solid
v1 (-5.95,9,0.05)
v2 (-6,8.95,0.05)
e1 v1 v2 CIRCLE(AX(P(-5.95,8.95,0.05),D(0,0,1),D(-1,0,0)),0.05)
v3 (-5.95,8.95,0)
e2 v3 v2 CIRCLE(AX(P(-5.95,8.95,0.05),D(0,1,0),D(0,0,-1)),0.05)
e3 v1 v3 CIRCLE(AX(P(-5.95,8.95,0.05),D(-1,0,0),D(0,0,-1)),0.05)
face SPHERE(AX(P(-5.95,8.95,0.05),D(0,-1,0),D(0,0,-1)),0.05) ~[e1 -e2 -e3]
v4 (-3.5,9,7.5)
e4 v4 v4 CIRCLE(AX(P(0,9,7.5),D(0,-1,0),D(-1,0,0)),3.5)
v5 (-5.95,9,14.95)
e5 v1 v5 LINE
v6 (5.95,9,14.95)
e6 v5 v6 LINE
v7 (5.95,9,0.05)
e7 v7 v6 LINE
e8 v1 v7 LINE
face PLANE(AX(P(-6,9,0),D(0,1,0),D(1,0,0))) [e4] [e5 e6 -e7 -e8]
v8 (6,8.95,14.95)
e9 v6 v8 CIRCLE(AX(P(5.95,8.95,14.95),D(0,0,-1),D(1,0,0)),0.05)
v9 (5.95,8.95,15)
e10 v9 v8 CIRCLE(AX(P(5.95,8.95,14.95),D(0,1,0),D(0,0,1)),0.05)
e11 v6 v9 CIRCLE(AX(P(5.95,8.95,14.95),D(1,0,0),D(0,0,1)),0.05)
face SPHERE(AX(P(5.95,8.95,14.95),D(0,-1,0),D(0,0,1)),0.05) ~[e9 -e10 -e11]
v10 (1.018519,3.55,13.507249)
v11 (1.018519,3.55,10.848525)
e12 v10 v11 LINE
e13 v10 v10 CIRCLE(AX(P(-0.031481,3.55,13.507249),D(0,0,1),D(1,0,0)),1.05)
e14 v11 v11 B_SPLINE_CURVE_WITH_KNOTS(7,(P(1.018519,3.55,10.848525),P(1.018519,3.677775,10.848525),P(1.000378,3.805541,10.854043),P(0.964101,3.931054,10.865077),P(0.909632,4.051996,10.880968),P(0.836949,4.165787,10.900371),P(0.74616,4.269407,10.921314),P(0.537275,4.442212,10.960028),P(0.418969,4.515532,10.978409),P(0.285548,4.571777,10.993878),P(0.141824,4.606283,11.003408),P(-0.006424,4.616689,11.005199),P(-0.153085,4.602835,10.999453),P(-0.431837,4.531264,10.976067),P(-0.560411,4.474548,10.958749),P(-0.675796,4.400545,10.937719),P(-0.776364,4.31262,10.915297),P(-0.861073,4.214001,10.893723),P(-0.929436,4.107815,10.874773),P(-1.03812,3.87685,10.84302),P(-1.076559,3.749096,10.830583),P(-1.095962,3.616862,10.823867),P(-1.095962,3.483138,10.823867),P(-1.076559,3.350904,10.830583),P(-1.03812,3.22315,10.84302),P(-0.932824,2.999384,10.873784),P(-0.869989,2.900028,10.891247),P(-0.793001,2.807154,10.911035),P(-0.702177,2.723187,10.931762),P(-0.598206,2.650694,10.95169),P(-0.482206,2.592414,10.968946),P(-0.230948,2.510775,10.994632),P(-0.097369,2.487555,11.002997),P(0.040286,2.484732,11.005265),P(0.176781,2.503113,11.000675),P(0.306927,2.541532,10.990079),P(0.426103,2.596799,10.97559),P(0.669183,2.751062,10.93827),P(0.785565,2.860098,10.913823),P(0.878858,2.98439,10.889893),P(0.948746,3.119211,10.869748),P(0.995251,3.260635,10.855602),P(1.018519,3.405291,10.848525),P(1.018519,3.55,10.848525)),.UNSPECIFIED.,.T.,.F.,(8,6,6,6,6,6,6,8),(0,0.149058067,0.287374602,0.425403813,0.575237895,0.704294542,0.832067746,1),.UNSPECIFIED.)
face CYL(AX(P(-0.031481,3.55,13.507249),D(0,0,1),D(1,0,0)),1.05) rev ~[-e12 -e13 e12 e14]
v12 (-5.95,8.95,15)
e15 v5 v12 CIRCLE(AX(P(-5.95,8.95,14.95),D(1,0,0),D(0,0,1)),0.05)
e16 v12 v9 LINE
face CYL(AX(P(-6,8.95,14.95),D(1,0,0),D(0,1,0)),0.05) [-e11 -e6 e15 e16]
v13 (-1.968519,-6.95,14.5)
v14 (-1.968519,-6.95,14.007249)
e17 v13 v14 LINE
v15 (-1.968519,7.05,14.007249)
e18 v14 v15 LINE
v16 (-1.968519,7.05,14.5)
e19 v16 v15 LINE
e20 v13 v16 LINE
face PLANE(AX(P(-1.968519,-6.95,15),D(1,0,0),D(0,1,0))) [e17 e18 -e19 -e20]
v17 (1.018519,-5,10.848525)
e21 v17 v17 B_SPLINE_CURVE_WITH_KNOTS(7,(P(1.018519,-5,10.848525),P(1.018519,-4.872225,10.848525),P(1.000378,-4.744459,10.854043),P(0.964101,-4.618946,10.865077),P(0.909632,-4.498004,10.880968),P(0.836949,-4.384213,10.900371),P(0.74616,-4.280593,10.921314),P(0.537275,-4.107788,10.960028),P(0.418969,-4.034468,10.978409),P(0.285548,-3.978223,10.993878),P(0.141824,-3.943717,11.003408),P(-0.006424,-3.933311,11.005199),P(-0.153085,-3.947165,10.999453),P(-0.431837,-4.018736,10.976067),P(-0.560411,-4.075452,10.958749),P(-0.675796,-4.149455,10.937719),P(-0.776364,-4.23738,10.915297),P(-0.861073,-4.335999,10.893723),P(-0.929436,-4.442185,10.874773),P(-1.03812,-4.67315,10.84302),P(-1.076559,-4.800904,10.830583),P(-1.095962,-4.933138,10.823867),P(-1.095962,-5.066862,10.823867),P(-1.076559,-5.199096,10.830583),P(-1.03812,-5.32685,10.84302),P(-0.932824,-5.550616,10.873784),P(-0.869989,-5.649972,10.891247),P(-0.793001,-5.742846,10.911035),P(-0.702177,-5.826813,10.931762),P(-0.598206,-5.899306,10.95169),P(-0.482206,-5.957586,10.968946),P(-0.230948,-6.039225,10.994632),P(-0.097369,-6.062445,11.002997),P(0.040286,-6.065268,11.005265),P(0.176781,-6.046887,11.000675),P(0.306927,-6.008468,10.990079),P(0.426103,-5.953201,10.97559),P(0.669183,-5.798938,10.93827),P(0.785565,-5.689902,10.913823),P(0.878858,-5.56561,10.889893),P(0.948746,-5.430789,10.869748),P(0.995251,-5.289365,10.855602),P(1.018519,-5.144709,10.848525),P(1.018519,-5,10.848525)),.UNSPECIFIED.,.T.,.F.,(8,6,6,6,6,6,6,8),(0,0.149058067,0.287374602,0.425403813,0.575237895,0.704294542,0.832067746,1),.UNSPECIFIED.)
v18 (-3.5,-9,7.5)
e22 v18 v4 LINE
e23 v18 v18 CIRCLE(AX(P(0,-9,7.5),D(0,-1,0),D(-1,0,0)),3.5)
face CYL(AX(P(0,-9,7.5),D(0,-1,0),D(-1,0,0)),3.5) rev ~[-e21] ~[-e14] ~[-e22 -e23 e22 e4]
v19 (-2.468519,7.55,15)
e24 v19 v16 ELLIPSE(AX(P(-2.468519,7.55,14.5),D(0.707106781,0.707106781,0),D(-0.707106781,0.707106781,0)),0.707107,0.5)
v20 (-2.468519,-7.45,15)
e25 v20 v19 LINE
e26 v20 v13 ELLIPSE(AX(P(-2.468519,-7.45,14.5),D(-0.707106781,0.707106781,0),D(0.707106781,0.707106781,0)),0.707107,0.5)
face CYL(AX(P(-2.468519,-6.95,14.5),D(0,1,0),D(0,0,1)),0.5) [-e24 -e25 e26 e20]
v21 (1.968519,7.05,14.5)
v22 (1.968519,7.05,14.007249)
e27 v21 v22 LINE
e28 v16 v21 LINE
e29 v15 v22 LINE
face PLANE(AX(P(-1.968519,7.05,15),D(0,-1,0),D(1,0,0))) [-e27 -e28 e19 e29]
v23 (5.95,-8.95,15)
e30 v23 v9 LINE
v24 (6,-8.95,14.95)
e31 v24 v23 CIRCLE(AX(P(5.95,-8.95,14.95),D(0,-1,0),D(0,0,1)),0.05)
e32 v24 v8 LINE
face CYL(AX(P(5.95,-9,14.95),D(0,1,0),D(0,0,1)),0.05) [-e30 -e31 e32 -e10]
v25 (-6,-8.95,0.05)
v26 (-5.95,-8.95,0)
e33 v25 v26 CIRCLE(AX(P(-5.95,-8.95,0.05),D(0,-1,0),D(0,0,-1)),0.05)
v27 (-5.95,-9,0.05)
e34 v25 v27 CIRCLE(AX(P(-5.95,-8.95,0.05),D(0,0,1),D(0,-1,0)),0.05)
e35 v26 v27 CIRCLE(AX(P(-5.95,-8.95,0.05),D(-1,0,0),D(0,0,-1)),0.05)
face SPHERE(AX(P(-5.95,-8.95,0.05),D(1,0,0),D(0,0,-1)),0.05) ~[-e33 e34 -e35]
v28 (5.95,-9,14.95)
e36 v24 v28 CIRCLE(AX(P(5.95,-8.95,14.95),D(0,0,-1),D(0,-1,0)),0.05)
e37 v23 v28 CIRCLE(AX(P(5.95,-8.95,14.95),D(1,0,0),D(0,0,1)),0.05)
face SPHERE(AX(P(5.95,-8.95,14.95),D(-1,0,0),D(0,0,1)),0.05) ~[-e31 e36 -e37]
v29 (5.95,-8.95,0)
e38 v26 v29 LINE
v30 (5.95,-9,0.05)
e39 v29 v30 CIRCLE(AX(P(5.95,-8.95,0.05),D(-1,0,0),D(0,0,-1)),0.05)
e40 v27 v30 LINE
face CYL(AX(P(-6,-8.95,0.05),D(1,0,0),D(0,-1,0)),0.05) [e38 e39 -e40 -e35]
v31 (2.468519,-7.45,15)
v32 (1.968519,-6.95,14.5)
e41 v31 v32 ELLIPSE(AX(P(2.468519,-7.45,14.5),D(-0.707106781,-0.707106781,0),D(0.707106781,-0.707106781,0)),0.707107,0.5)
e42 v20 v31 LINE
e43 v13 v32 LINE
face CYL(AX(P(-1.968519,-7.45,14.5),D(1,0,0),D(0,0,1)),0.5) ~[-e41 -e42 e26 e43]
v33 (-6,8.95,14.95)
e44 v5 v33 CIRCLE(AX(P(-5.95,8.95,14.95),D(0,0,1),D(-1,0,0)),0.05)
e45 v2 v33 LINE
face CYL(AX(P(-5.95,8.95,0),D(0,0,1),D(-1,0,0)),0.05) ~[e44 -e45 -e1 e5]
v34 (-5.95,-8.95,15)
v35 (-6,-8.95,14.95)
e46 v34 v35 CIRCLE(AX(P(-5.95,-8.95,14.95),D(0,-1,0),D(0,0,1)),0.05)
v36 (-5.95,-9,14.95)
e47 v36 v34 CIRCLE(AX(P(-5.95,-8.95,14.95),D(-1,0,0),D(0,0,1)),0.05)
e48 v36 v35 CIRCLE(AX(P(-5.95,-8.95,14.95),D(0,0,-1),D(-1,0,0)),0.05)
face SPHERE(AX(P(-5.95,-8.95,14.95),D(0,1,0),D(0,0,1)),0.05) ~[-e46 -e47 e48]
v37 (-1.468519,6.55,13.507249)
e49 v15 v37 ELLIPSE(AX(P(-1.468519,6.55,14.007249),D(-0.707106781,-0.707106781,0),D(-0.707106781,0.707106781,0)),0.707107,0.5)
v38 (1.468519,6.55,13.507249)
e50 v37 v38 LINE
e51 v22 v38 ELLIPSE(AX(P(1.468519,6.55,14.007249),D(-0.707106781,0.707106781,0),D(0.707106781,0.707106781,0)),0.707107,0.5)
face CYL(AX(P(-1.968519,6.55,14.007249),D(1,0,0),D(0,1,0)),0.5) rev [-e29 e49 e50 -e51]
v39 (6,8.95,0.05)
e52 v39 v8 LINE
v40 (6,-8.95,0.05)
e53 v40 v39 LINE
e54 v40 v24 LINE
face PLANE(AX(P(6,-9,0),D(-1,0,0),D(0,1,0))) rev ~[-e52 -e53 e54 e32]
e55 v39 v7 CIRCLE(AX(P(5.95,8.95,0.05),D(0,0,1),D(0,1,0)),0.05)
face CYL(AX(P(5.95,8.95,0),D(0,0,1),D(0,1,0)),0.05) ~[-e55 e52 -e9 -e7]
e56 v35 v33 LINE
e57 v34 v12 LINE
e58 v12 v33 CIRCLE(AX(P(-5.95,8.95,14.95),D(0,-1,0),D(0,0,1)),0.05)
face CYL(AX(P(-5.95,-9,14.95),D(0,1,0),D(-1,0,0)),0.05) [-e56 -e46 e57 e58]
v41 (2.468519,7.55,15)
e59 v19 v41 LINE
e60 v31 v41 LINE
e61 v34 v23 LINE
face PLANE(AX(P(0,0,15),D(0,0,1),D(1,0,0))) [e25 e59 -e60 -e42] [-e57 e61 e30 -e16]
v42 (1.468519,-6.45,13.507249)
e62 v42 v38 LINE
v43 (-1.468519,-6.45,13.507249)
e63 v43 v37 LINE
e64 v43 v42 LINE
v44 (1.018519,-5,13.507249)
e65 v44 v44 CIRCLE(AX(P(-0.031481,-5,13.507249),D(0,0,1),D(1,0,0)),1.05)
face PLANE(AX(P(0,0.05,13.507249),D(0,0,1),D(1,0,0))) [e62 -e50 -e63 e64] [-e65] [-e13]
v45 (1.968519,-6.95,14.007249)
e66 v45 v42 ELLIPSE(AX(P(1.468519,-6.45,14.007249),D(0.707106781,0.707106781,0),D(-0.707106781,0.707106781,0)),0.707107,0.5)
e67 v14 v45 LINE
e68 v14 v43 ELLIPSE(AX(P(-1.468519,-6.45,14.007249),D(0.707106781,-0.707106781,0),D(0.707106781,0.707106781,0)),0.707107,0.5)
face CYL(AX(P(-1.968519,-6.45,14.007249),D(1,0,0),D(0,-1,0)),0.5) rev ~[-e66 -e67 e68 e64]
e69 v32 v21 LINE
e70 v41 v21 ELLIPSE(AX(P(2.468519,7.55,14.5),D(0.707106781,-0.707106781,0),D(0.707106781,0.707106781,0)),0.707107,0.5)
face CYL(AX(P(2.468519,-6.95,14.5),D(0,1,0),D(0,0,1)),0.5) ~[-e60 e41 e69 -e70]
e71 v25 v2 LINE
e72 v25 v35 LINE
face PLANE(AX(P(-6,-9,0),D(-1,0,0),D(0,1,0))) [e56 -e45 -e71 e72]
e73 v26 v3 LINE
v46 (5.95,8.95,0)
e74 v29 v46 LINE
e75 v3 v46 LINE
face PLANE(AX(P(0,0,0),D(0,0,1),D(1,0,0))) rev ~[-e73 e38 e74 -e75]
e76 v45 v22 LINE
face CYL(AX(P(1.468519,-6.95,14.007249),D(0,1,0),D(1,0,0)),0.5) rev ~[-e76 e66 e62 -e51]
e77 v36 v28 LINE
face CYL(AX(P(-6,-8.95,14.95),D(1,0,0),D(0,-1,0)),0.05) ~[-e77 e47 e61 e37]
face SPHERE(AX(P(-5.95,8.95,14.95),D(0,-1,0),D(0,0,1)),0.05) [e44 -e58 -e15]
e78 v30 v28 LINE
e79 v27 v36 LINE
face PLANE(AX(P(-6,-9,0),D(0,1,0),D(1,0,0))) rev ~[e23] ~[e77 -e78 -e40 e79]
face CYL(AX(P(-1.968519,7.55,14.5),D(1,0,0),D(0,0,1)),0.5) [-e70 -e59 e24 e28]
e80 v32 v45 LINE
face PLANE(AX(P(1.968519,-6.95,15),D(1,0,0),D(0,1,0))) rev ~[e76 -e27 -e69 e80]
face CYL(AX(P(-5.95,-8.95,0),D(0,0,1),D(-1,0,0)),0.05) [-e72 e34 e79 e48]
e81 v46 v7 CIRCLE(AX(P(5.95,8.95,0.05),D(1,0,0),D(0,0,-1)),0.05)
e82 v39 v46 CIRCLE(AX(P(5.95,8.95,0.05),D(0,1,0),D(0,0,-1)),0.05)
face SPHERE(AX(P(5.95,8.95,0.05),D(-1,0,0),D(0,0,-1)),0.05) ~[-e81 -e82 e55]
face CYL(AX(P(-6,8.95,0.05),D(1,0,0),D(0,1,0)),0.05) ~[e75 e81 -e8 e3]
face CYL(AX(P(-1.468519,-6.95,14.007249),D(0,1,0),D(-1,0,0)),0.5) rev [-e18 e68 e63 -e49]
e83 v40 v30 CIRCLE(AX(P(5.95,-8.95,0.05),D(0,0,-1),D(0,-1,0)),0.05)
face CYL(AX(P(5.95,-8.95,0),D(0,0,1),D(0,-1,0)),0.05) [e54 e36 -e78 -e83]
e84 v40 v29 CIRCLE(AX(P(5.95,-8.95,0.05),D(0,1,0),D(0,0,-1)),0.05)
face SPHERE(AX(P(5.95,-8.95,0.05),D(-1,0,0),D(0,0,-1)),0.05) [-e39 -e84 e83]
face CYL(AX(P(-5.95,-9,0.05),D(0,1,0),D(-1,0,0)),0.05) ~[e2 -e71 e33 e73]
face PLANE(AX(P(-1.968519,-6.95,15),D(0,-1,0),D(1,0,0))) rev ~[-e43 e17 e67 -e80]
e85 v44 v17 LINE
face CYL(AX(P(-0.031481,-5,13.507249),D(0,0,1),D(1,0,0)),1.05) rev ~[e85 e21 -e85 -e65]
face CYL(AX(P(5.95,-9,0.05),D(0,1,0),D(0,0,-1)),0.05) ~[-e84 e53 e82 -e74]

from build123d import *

# Parameters (mm, degrees)
SKETCH2_W           = 12
SKETCH2_H           = 18
BOSS_EXTRUDE1_DEPTH = 15
SKETCH5_R           = 3.5
CUT_EXTRUDE2_DEPTH  = 18
SKETCH8_W           = 3.937037176
SKETCH8_H           = 14
CUT_EXTRUDE3_DEPTH  = 1.492750999
FILLET3_R           = 0.05
SKETCH10_R          = 1.05
CUT_EXTRUDE6_DEPTH  = 3
FILLET9_R           = 0.5
FILLET10_R          = 0.5


with BuildPart() as part:
    # Sketch2 → Boss-Extrude1 (new body)
    with BuildSketch(Plane.XY):
        Rectangle(SKETCH2_W, SKETCH2_H)
    extrude(amount=BOSS_EXTRUDE1_DEPTH)

    # Sketch5 → Cut-Extrude2 (cut)
    with BuildSketch(Plane(origin=(0, -9, 0), x_dir=(-1, 0, 0), z_dir=(0, -1, 0))):
        with Locations((0, -7.5)):
            Circle(SKETCH5_R)
    extrude(amount=-CUT_EXTRUDE2_DEPTH, mode=Mode.SUBTRACT)

    # Sketch8 → Cut-Extrude3 (cut)
    with BuildSketch(Plane.XY.offset(15)):
        with Locations((0, 0.05)):
            Rectangle(SKETCH8_W, SKETCH8_H)
    extrude(amount=-CUT_EXTRUDE3_DEPTH, mode=Mode.SUBTRACT)

    # Fillet3
    fillet3_edges = [part.edges().sort_by_distance(p)[0] for p in [
        (-6, 0, 15),
        (0, -9, 15),
        (6, 0, 15),
        (0, -9, 0),
        (-6, 0, 0),
        (0, 9, 0),
        (6, 0, 0),
        (0, 9, 15),
        (6, -9, 7.5),
        (-6, -9, 7.5),
        (-6, 9, 7.5),
        (6, 9, 7.5),
    ]]
    fillet(fillet3_edges, radius=FILLET3_R)

    # Sketch10 → Cut-Extrude6 (cut)
    with BuildSketch(Plane.XY.offset(13.507249001)):
        with Locations((-0.031481412, 3.55)):
            Circle(SKETCH10_R)
        with Locations((-0.031481412, -5)):
            Circle(SKETCH10_R)
    extrude(amount=-CUT_EXTRUDE6_DEPTH, mode=Mode.SUBTRACT)

    # Fillet9
    fillet9_edges = [part.edges().sort_by_distance(p)[0] for p in [
        (-1.968518588, 0.05, 15),
        (0, -6.95, 15),
        (1.968518588, 0.05, 15),
        (0, 7.05, 15),
    ]]
    fillet(fillet9_edges, radius=FILLET9_R)

    # Fillet10
    fillet10_edges = [part.edges().sort_by_distance(p)[0] for p in [
        (-1.968518588, 0.05, 13.507249001),
        (0, 7.05, 13.507249001),
        (1.968518588, 0.05, 13.507249001),
        (0, -6.95, 13.507249001),
    ]]
    fillet(fillet10_edges, radius=FILLET10_R)


solid = part.part
